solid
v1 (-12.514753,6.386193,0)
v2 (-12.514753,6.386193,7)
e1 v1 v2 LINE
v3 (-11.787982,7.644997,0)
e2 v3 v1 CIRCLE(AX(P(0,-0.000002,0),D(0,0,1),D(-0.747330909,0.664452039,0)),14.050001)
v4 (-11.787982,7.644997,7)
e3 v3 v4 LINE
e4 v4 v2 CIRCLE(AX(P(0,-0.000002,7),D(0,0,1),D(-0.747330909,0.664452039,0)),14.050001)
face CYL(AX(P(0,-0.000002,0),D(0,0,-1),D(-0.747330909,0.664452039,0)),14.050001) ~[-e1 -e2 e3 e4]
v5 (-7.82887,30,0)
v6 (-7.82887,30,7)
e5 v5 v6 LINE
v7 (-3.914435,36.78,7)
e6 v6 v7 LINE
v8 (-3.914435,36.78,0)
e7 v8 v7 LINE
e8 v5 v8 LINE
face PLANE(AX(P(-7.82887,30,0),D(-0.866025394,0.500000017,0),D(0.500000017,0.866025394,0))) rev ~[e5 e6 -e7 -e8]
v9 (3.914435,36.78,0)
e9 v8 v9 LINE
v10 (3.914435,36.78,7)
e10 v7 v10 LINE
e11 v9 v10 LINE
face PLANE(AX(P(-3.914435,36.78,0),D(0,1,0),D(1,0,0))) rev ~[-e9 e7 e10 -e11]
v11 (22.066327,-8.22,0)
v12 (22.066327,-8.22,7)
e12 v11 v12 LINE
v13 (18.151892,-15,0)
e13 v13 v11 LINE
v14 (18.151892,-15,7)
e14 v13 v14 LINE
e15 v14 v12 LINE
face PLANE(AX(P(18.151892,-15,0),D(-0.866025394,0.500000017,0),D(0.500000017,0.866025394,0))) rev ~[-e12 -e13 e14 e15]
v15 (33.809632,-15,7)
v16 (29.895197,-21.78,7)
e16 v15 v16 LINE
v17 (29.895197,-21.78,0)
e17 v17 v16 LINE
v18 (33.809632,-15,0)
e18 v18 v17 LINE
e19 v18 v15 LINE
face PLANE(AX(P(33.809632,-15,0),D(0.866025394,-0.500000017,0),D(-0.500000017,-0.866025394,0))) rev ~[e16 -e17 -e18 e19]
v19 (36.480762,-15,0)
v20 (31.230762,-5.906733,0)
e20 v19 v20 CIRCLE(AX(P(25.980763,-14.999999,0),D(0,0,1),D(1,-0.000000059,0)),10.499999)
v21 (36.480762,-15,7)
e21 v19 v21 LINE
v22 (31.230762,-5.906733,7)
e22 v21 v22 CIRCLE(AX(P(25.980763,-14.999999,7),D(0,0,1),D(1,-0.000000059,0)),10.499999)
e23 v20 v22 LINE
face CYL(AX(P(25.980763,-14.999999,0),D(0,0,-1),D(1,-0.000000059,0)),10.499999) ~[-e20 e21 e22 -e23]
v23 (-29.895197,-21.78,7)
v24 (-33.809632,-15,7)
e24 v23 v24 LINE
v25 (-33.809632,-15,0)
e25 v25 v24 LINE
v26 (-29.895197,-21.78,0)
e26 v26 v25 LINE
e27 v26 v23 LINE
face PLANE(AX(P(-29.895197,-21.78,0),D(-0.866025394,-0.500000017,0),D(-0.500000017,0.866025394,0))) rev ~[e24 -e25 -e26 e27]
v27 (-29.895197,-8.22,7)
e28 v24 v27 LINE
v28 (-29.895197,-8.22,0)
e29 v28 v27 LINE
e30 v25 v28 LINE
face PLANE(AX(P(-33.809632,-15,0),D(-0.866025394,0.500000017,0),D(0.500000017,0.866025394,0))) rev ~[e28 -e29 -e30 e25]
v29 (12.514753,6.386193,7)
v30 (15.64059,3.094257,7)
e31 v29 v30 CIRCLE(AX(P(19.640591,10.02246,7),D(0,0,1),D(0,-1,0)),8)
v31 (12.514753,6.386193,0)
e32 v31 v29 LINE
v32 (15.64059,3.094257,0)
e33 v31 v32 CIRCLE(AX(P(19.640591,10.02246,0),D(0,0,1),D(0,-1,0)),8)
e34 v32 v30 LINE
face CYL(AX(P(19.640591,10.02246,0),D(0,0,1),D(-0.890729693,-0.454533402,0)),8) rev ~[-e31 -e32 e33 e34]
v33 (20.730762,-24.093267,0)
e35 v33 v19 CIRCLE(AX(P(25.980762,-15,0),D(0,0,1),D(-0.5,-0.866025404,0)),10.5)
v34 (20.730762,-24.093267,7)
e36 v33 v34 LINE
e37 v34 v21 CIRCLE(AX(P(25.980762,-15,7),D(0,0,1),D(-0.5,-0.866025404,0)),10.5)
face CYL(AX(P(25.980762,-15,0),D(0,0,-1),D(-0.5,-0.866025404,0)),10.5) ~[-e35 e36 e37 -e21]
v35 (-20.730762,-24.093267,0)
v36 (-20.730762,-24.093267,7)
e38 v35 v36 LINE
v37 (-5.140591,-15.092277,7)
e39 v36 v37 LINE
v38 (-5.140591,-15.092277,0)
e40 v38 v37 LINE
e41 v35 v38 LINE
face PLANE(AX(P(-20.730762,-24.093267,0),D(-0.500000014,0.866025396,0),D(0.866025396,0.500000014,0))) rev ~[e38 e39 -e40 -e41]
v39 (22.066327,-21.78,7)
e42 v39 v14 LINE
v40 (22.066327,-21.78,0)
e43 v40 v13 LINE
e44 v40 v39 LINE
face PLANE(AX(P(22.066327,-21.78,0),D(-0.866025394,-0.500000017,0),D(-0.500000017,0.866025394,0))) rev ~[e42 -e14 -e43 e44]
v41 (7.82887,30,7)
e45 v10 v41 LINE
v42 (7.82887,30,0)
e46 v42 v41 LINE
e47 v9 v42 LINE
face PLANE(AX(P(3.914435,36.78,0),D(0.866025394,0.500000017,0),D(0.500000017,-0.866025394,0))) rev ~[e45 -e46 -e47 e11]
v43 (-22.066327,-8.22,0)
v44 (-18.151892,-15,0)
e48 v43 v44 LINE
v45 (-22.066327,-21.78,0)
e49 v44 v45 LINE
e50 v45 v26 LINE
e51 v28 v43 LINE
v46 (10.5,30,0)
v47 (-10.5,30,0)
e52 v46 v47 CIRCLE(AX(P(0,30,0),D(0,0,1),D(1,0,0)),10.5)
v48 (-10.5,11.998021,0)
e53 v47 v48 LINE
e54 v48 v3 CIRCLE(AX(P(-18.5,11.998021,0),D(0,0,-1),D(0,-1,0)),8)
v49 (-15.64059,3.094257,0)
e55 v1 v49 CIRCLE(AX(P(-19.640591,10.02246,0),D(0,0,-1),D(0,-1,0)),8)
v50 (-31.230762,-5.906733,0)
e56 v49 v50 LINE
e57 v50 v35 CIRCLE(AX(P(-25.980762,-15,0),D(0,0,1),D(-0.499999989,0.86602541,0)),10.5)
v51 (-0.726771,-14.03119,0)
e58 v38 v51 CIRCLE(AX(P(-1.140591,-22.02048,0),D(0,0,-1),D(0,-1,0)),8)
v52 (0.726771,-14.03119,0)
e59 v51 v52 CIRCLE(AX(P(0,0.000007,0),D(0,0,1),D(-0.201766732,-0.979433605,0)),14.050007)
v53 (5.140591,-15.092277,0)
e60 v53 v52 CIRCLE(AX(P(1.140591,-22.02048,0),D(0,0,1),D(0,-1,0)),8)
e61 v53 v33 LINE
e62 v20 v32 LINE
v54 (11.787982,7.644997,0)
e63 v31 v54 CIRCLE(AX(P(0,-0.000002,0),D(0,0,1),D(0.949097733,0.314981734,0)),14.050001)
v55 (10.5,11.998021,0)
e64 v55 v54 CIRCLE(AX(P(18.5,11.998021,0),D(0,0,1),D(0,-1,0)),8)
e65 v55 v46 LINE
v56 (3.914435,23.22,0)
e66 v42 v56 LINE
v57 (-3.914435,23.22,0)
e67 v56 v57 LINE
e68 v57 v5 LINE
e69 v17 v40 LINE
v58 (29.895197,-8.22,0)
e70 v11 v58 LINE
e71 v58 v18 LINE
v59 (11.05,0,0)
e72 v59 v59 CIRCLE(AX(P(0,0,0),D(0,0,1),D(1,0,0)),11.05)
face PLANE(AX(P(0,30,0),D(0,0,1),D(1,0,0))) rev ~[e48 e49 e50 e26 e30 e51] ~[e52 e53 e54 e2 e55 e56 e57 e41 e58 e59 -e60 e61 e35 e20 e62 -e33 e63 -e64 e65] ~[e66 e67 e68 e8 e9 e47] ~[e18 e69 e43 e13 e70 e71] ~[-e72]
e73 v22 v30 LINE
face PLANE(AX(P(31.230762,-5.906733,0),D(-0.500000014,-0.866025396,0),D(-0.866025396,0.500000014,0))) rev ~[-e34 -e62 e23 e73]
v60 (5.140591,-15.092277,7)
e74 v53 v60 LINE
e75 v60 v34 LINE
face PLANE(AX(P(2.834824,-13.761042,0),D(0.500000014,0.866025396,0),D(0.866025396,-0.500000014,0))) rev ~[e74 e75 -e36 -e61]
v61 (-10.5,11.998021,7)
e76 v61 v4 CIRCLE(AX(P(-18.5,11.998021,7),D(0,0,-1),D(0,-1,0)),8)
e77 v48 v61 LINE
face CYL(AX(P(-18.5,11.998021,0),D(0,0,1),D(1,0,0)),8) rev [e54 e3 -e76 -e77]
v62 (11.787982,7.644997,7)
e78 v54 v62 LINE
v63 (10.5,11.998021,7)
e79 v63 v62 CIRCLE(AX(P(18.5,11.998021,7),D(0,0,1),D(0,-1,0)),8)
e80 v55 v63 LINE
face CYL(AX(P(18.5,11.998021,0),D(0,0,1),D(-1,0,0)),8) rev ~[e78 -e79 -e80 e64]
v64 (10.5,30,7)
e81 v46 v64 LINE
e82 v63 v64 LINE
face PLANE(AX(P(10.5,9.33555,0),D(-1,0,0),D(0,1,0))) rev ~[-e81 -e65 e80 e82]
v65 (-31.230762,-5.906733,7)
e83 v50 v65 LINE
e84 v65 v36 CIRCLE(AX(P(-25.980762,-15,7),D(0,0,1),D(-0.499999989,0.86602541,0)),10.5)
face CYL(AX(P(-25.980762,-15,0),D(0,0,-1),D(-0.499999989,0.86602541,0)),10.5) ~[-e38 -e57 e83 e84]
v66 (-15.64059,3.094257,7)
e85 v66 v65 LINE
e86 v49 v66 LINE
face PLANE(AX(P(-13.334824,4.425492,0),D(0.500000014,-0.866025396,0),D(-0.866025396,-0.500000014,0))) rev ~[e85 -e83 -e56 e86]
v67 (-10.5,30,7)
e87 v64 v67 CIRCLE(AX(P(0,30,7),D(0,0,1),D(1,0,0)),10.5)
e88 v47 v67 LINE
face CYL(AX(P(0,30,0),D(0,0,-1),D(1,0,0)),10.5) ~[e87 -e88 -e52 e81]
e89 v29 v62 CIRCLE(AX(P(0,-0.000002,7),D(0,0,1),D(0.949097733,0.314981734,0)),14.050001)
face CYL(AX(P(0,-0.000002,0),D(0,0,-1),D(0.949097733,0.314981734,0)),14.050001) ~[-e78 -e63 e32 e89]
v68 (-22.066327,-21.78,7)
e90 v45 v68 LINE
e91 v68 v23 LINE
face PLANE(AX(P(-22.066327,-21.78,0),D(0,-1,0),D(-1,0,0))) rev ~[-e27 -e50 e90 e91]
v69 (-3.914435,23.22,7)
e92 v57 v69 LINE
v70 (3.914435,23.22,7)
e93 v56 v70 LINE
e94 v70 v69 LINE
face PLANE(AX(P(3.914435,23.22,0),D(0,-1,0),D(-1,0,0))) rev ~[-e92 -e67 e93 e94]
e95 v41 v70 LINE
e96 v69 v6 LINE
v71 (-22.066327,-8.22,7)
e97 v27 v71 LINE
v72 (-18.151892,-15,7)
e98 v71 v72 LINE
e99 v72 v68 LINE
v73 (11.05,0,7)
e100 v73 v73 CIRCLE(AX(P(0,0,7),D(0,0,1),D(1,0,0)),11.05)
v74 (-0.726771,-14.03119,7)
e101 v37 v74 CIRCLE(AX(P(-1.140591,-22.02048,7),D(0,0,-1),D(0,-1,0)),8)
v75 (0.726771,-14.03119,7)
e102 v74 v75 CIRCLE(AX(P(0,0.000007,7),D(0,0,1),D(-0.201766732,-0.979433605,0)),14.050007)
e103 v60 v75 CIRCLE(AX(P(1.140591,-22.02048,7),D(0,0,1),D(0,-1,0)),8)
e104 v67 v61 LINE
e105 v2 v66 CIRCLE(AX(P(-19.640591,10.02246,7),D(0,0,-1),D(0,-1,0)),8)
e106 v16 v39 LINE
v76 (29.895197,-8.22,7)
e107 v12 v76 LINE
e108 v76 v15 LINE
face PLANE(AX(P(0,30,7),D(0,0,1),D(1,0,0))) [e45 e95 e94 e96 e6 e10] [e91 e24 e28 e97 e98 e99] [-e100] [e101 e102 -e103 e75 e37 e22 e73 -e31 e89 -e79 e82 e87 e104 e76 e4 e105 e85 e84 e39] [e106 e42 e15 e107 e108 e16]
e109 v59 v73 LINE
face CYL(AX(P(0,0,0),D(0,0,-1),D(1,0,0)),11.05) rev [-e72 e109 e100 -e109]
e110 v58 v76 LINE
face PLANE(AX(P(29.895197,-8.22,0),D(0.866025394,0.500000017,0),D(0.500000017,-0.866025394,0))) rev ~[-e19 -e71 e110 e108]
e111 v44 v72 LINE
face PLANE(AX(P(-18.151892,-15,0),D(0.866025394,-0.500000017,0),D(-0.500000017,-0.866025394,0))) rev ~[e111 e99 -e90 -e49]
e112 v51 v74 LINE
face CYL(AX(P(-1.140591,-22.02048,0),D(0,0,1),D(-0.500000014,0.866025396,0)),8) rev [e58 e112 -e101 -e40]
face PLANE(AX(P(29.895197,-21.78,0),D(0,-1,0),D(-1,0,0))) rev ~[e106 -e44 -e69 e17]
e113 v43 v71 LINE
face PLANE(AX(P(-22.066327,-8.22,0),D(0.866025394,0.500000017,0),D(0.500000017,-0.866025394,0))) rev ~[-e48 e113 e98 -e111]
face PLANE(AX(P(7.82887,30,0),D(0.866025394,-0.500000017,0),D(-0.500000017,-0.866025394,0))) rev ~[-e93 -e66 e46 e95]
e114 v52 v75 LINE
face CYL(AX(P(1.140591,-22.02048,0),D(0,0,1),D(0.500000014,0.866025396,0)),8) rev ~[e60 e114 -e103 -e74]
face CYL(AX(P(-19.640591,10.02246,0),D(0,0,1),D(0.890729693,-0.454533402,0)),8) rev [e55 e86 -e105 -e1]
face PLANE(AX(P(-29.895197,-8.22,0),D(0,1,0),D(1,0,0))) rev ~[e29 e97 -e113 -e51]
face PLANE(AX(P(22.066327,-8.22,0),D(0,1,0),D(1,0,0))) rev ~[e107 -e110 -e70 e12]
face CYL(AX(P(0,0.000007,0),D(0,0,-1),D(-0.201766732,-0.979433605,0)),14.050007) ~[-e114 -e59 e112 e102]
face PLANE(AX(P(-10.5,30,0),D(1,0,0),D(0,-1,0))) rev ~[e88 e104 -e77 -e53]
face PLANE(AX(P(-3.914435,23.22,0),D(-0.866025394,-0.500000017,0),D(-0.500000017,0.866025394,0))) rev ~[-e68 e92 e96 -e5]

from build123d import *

# Parameters (mm, degrees)
F0_R     = 11.05
F1_DEPTH = 7
F2_R     = 8


with BuildPart() as f1:
    # F0 (on Top) → F1 (new body)
    with BuildSketch(Plane.XY):
        with BuildLine():
            ThreePointArc((-10.5, 30), (0, 19.5), (10.5, 30))
            ThreePointArc((10.5, 30), (0, 40.5), (-10.5, 30))
        make_face()
        Polygon((7.82887, 30), (3.914435, 23.22), (-3.914435, 23.22), (-7.82887, 30), (-3.914435, 36.78), (3.914435, 36.78), align=None, mode=Mode.SUBTRACT)
        with BuildLine():
            ThreePointArc((-10.5, 9.33555), (0, 14.05), (10.5, 9.33555))
            Line((10.5, 9.33555), (10.5, 30))
            ThreePointArc((10.5, 30), (0, 19.5), (-10.5, 30))
            Line((-10.5, 30), (-10.5, 9.33555))
        make_face()
        with BuildLine():
            ThreePointArc((2.834824, -13.761042), (10.891092, -8.876182), (14.05, 0))
            ThreePointArc((14.05, 0), (13.870054, 2.241453), (13.334824, 4.425492))
            ThreePointArc((13.334824, 4.425492), (12.167657, 7.025), (10.5, 9.33555))
            ThreePointArc((10.5, 9.33555), (0, 14.05), (-10.5, 9.33555))
            ThreePointArc((-10.5, 9.33555), (-12.167657, 7.025), (-13.334824, 4.425492))
            ThreePointArc((-13.334824, 4.425492), (-12.167657, -7.025), (-2.834824, -13.761042))
            ThreePointArc((-2.834824, -13.761042), (0, -14.05), (2.834824, -13.761042))
        make_face()
        Circle(F0_R, mode=Mode.SUBTRACT)
        with BuildLine():
            Line((-20.730762, -24.093267), (-2.834824, -13.761042))
            ThreePointArc((-2.834824, -13.761042), (-12.167657, -7.025), (-13.334824, 4.425492))
            Line((-13.334824, 4.425492), (-31.230762, -5.906733))
            ThreePointArc((-31.230762, -5.906733), (-20.730762, -5.906733), (-15.480762, -15))
            ThreePointArc((-15.480762, -15), (-16.887495, -20.25), (-20.730762, -24.093267))
        make_face()
        with BuildLine():
            ThreePointArc((-31.230762, -5.906733), (-35.074029, -20.25), (-20.730762, -24.093267))
            ThreePointArc((-20.730762, -24.093267), (-16.887495, -20.25), (-15.480762, -15))
            ThreePointArc((-15.480762, -15), (-20.730762, -5.906733), (-31.230762, -5.906733))
        make_face()
        Polygon((-29.895197, -8.22), (-22.066327, -8.22), (-18.151892, -15), (-22.066327, -21.78), (-29.895197, -21.78), (-33.809632, -15), align=None, mode=Mode.SUBTRACT)
        with BuildLine():
            ThreePointArc((13.334824, 4.425492), (13.870054, 2.241453), (14.05, 0))
            ThreePointArc((14.05, 0), (10.891092, -8.876182), (2.834824, -13.761042))
            Line((2.834824, -13.761042), (20.730762, -24.093267))
            ThreePointArc((20.730762, -24.093267), (16.887495, -9.75), (31.230762, -5.906733))
            Line((31.230762, -5.906733), (13.334824, 4.425492))
        make_face()
        with BuildLine():
            ThreePointArc((36.480762, -15), (35.074029, -9.75), (31.230762, -5.906733))
            ThreePointArc((31.230762, -5.906733), (16.887495, -9.75), (20.730762, -24.093267))
            ThreePointArc((20.730762, -24.093267), (31.230762, -24.093267), (36.480762, -15))
        make_face()
        Polygon((22.066327, -21.78), (18.151892, -15), (22.066327, -8.22), (29.895197, -8.22), (33.809632, -15), (29.895197, -21.78), align=None, mode=Mode.SUBTRACT)
    extrude(amount=F1_DEPTH)

    # F2
    f2_edges = [f1.edges().sort_by_distance(p)[0] for p in [
        (-10.5, 9.33555, 3.5),
        (-13.334824, 4.425492, 3.5),
        (10.5, 9.33555, 3.5),
        (13.334824, 4.425492, 3.5),
        (-2.834824, -13.761042, 3.5),
        (2.834824, -13.761042, 3.5),
    ]]
    fillet(f2_edges, radius=F2_R)


solid = f1.part
